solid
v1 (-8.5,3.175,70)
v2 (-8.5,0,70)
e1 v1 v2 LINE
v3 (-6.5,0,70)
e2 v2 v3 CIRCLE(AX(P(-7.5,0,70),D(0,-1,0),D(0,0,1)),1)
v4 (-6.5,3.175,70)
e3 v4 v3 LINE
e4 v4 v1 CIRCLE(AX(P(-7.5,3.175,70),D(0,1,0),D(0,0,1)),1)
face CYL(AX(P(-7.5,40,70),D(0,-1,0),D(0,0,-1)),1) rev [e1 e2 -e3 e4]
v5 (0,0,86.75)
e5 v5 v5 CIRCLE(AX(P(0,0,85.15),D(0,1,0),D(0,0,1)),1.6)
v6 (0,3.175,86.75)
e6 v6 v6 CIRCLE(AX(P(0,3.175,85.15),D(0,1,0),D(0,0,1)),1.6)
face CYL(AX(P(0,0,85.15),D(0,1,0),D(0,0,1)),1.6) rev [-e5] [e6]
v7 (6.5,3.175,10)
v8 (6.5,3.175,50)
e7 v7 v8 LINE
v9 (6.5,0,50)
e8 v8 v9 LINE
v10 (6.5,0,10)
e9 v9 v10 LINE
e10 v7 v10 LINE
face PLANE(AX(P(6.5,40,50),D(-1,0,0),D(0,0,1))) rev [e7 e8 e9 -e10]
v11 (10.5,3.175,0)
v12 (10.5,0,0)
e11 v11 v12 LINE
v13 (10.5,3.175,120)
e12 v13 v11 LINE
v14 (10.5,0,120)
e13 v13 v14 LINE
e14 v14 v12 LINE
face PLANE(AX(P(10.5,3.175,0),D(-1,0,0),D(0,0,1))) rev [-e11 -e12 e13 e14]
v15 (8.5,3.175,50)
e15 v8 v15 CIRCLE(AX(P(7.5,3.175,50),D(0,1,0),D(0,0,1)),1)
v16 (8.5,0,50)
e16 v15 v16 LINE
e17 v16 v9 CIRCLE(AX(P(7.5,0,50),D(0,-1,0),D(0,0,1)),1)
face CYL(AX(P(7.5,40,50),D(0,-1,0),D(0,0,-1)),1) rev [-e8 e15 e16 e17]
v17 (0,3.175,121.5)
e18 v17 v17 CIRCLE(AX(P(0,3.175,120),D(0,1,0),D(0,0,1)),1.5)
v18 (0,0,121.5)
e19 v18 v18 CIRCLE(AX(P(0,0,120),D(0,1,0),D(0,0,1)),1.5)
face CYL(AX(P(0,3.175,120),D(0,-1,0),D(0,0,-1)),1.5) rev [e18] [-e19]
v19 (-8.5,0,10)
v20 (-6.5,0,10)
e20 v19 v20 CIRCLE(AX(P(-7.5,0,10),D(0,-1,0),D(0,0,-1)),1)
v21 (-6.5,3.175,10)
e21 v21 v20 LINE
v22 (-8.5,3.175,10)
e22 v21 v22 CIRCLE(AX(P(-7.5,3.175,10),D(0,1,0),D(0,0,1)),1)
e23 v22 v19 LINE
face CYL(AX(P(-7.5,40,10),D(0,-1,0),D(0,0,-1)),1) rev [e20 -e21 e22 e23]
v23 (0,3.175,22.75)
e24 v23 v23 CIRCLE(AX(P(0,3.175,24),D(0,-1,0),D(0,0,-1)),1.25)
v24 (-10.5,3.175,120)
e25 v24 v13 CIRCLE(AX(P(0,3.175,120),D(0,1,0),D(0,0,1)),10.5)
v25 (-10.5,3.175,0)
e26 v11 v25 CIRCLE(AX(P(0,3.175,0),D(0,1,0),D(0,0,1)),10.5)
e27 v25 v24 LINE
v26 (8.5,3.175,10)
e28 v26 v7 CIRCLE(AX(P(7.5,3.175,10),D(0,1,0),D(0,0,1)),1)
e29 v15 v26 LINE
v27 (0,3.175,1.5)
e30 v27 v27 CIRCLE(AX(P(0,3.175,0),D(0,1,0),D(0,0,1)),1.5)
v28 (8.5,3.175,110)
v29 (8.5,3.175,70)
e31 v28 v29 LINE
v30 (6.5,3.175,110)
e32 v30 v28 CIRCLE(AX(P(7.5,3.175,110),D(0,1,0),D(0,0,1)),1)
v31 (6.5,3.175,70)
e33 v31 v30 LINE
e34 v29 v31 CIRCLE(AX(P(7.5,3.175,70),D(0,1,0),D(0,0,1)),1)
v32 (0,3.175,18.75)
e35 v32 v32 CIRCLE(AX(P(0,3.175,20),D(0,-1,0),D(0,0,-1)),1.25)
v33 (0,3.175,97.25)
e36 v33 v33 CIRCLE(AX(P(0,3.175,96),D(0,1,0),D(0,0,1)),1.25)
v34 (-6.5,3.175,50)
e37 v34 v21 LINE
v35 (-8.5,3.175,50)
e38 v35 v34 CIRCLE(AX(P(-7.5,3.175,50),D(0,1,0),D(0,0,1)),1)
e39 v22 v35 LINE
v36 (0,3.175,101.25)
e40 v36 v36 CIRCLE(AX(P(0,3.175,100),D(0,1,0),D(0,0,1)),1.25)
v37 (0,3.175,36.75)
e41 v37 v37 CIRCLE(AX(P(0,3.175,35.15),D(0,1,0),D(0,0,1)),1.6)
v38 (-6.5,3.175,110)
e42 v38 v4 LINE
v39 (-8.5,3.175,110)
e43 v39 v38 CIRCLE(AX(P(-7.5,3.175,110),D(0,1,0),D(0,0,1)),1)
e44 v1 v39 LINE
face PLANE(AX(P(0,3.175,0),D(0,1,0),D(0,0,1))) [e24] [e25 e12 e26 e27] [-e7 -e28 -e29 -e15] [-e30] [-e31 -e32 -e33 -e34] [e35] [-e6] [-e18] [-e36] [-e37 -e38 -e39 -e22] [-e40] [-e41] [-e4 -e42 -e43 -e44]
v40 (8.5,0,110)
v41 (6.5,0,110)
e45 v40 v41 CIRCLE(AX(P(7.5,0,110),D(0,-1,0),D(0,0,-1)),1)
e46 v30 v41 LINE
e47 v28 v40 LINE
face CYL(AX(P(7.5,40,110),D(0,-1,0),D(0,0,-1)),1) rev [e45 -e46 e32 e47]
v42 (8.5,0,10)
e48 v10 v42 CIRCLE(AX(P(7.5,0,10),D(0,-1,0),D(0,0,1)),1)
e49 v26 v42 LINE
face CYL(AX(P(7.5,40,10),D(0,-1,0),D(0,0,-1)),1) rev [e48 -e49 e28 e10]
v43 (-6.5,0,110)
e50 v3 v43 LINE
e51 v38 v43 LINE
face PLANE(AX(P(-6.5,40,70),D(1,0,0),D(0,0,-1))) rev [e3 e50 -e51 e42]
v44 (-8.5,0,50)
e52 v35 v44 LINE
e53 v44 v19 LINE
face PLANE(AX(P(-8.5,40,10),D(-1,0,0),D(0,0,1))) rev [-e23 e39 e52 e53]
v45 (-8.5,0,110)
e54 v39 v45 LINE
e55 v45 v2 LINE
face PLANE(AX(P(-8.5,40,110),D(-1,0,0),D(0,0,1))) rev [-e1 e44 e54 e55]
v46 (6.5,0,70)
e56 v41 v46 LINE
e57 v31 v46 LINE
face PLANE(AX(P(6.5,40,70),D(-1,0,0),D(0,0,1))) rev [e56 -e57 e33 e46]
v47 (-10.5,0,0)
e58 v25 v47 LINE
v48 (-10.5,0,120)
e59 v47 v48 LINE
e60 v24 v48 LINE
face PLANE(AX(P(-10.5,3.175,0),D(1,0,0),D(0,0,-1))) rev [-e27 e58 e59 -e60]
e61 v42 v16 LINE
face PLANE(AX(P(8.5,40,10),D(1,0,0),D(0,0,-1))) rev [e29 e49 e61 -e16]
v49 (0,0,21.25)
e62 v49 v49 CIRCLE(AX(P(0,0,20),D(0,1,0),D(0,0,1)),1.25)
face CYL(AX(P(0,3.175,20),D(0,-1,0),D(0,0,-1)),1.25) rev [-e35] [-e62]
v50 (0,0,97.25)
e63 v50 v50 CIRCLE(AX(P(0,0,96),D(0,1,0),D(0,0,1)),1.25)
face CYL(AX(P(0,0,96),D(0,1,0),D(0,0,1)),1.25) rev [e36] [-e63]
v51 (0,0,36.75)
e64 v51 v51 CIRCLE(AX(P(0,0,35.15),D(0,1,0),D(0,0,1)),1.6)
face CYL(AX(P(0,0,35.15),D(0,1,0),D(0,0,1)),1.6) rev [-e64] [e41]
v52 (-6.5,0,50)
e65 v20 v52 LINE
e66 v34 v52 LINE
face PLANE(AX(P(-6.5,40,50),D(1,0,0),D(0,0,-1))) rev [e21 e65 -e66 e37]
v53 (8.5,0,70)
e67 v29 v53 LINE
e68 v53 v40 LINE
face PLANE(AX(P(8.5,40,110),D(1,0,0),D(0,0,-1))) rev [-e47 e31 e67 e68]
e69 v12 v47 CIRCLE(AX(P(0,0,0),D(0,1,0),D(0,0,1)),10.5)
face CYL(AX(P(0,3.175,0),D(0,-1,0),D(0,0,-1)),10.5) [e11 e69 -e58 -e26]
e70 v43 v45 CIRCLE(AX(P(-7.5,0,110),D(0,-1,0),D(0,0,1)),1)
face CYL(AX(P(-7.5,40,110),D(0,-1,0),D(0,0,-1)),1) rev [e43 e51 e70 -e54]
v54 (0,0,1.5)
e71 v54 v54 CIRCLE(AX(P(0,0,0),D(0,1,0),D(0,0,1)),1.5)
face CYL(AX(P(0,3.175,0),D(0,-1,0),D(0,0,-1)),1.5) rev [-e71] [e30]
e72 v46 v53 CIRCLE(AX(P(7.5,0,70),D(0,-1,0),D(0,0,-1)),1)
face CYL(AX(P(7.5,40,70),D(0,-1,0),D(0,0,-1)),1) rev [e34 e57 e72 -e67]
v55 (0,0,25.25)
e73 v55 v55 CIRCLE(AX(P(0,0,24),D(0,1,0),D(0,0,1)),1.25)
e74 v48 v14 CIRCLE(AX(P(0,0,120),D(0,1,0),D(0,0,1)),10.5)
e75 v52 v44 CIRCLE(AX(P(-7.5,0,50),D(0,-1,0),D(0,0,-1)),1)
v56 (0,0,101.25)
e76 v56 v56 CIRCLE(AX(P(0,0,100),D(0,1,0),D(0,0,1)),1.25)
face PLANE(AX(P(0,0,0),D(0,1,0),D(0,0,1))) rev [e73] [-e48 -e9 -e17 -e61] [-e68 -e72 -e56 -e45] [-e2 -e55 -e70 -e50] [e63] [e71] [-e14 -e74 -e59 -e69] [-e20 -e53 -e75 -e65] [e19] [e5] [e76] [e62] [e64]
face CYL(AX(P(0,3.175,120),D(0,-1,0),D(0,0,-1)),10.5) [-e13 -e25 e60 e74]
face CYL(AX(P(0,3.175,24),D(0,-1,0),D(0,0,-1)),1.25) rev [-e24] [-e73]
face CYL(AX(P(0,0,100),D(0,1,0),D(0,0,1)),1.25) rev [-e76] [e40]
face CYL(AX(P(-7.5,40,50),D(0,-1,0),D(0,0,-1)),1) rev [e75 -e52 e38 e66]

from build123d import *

# Parameters (mm, degrees)
SKETCH1_R               = 1.5
BOSS_EXTRUDE1_DEPTH     = 3.175
CUT_EXTRUDE1_DEPTH      = 131.960225355
CUT_EXTRUDE1_DEPTH_BACK = 131.960225355
CUT_EXTRUDE2_DEPTH      = 131.960225355
CUT_EXTRUDE2_DEPTH_BACK = 131.960225355
CUT_EXTRUDE3_DEPTH      = 131.960225355
CUT_EXTRUDE3_DEPTH_BACK = 131.960225355
SKETCH4_R               = 1.6
CUT_EXTRUDE4_DEPTH      = 40


with BuildPart() as part:
    # Sketch1 → Boss-Extrude1 (new body)
    with BuildSketch(Plane(origin=(0, 0, 0), x_dir=(1, 0, 0), z_dir=(0, 1, 0))):
        with BuildLine():
            Line((-10.5, 0), (-10.5, -120))
            ThreePointArc((-10.5, -120), (0, -130.5), (10.5, -120))
            Line((10.5, -120), (10.5, 0))
            ThreePointArc((10.5, 0), (0, 10.5), (-10.5, 0))
        make_face()
        with Locations(Location((0, 0, 0), (0, 0, 270))):
            Circle(SKETCH1_R, mode=Mode.SUBTRACT)
        with Locations(Location((0, -120, 0), (0, 0, 270))):
            Circle(SKETCH1_R, mode=Mode.SUBTRACT)
    extrude(amount=BOSS_EXTRUDE1_DEPTH)

    # Sketch2 → Cut-Extrude1 (cut, two sides: drawn at the far end of the back side and taken through both)
    with BuildSketch(Plane.XZ.offset(-CUT_EXTRUDE1_DEPTH_BACK)):
        with BuildLine():
            ThreePointArc((0, 18.75), (1.25, 20), (0, 21.25))
            ThreePointArc((0, 21.25), (-1.25, 20), (0, 18.75))
        make_face()
        with BuildLine():
            ThreePointArc((0, 25.25), (-1.25, 24), (0, 22.75))
            ThreePointArc((0, 22.75), (1.25, 24), (0, 25.25))
        make_face()
    extrude(amount=CUT_EXTRUDE1_DEPTH + CUT_EXTRUDE1_DEPTH_BACK, mode=Mode.SUBTRACT)

    # Sketch3 → Cut-Extrude2 (cut, two sides: drawn at the far end of the back side and taken through both)
    with BuildSketch(Plane(origin=(0, 3.175, 0), x_dir=(1, 0, 0), z_dir=(0, 1, 0)).offset(-CUT_EXTRUDE2_DEPTH_BACK)):
        with BuildLine():
            ThreePointArc((0, -97.25), (1.25, -96), (0, -94.75))
            ThreePointArc((0, -94.75), (-1.25, -96), (0, -97.25))
        make_face()
        with BuildLine():
            ThreePointArc((0, -98.75), (-1.25, -100), (0, -101.25))
            ThreePointArc((0, -101.25), (1.25, -100), (0, -98.75))
        make_face()
    extrude(amount=CUT_EXTRUDE2_DEPTH + CUT_EXTRUDE2_DEPTH_BACK, mode=Mode.SUBTRACT)

    # Sketch4 → Cut-Extrude3 (cut, two sides: drawn at the far end of the back side and taken through both)
    with BuildSketch(Plane(origin=(0, 3.175, 0), x_dir=(1, 0, 0), z_dir=(0, 1, 0)).offset(-CUT_EXTRUDE3_DEPTH_BACK)):
        with Locations(Location((0, -35.15, 0), (0, 0, 270))):
            Circle(SKETCH4_R)
        with Locations(Location((0, -85.15, 0), (0, 0, 270))):
            Circle(SKETCH4_R)
    extrude(amount=CUT_EXTRUDE3_DEPTH + CUT_EXTRUDE3_DEPTH_BACK, mode=Mode.SUBTRACT)

    # Sketch5 → Cut-Extrude4 (cut)
    with BuildSketch(Plane.XZ):
        with BuildLine():
            Line((-8.5, 10), (-8.5, 50))
            ThreePointArc((-8.5, 50), (-7.5, 51), (-6.5, 50))
            Line((-6.5, 50), (-6.5, 10))
            ThreePointArc((-6.5, 10), (-7.5, 9), (-8.5, 10))
        make_face()
        with BuildLine():
            Line((6.5, 50), (6.5, 10))
            ThreePointArc((6.5, 10), (7.5, 9), (8.5, 10))
            Line((8.5, 10), (8.5, 50))
            ThreePointArc((8.5, 50), (7.5, 51), (6.5, 50))
        make_face()
        with BuildLine():
            Line((8.5, 110), (8.5, 70))
            ThreePointArc((8.5, 70), (7.5, 69), (6.5, 70))
            Line((6.5, 70), (6.5, 110))
            ThreePointArc((6.5, 110), (7.5, 111), (8.5, 110))
        make_face()
        with BuildLine():
            Line((-6.5, 70), (-6.5, 110))
            ThreePointArc((-6.5, 110), (-7.5, 111), (-8.5, 110))
            Line((-8.5, 110), (-8.5, 70))
            ThreePointArc((-8.5, 70), (-7.5, 69), (-6.5, 70))
        make_face()
    extrude(amount=-CUT_EXTRUDE4_DEPTH, mode=Mode.SUBTRACT)


solid = part.part
